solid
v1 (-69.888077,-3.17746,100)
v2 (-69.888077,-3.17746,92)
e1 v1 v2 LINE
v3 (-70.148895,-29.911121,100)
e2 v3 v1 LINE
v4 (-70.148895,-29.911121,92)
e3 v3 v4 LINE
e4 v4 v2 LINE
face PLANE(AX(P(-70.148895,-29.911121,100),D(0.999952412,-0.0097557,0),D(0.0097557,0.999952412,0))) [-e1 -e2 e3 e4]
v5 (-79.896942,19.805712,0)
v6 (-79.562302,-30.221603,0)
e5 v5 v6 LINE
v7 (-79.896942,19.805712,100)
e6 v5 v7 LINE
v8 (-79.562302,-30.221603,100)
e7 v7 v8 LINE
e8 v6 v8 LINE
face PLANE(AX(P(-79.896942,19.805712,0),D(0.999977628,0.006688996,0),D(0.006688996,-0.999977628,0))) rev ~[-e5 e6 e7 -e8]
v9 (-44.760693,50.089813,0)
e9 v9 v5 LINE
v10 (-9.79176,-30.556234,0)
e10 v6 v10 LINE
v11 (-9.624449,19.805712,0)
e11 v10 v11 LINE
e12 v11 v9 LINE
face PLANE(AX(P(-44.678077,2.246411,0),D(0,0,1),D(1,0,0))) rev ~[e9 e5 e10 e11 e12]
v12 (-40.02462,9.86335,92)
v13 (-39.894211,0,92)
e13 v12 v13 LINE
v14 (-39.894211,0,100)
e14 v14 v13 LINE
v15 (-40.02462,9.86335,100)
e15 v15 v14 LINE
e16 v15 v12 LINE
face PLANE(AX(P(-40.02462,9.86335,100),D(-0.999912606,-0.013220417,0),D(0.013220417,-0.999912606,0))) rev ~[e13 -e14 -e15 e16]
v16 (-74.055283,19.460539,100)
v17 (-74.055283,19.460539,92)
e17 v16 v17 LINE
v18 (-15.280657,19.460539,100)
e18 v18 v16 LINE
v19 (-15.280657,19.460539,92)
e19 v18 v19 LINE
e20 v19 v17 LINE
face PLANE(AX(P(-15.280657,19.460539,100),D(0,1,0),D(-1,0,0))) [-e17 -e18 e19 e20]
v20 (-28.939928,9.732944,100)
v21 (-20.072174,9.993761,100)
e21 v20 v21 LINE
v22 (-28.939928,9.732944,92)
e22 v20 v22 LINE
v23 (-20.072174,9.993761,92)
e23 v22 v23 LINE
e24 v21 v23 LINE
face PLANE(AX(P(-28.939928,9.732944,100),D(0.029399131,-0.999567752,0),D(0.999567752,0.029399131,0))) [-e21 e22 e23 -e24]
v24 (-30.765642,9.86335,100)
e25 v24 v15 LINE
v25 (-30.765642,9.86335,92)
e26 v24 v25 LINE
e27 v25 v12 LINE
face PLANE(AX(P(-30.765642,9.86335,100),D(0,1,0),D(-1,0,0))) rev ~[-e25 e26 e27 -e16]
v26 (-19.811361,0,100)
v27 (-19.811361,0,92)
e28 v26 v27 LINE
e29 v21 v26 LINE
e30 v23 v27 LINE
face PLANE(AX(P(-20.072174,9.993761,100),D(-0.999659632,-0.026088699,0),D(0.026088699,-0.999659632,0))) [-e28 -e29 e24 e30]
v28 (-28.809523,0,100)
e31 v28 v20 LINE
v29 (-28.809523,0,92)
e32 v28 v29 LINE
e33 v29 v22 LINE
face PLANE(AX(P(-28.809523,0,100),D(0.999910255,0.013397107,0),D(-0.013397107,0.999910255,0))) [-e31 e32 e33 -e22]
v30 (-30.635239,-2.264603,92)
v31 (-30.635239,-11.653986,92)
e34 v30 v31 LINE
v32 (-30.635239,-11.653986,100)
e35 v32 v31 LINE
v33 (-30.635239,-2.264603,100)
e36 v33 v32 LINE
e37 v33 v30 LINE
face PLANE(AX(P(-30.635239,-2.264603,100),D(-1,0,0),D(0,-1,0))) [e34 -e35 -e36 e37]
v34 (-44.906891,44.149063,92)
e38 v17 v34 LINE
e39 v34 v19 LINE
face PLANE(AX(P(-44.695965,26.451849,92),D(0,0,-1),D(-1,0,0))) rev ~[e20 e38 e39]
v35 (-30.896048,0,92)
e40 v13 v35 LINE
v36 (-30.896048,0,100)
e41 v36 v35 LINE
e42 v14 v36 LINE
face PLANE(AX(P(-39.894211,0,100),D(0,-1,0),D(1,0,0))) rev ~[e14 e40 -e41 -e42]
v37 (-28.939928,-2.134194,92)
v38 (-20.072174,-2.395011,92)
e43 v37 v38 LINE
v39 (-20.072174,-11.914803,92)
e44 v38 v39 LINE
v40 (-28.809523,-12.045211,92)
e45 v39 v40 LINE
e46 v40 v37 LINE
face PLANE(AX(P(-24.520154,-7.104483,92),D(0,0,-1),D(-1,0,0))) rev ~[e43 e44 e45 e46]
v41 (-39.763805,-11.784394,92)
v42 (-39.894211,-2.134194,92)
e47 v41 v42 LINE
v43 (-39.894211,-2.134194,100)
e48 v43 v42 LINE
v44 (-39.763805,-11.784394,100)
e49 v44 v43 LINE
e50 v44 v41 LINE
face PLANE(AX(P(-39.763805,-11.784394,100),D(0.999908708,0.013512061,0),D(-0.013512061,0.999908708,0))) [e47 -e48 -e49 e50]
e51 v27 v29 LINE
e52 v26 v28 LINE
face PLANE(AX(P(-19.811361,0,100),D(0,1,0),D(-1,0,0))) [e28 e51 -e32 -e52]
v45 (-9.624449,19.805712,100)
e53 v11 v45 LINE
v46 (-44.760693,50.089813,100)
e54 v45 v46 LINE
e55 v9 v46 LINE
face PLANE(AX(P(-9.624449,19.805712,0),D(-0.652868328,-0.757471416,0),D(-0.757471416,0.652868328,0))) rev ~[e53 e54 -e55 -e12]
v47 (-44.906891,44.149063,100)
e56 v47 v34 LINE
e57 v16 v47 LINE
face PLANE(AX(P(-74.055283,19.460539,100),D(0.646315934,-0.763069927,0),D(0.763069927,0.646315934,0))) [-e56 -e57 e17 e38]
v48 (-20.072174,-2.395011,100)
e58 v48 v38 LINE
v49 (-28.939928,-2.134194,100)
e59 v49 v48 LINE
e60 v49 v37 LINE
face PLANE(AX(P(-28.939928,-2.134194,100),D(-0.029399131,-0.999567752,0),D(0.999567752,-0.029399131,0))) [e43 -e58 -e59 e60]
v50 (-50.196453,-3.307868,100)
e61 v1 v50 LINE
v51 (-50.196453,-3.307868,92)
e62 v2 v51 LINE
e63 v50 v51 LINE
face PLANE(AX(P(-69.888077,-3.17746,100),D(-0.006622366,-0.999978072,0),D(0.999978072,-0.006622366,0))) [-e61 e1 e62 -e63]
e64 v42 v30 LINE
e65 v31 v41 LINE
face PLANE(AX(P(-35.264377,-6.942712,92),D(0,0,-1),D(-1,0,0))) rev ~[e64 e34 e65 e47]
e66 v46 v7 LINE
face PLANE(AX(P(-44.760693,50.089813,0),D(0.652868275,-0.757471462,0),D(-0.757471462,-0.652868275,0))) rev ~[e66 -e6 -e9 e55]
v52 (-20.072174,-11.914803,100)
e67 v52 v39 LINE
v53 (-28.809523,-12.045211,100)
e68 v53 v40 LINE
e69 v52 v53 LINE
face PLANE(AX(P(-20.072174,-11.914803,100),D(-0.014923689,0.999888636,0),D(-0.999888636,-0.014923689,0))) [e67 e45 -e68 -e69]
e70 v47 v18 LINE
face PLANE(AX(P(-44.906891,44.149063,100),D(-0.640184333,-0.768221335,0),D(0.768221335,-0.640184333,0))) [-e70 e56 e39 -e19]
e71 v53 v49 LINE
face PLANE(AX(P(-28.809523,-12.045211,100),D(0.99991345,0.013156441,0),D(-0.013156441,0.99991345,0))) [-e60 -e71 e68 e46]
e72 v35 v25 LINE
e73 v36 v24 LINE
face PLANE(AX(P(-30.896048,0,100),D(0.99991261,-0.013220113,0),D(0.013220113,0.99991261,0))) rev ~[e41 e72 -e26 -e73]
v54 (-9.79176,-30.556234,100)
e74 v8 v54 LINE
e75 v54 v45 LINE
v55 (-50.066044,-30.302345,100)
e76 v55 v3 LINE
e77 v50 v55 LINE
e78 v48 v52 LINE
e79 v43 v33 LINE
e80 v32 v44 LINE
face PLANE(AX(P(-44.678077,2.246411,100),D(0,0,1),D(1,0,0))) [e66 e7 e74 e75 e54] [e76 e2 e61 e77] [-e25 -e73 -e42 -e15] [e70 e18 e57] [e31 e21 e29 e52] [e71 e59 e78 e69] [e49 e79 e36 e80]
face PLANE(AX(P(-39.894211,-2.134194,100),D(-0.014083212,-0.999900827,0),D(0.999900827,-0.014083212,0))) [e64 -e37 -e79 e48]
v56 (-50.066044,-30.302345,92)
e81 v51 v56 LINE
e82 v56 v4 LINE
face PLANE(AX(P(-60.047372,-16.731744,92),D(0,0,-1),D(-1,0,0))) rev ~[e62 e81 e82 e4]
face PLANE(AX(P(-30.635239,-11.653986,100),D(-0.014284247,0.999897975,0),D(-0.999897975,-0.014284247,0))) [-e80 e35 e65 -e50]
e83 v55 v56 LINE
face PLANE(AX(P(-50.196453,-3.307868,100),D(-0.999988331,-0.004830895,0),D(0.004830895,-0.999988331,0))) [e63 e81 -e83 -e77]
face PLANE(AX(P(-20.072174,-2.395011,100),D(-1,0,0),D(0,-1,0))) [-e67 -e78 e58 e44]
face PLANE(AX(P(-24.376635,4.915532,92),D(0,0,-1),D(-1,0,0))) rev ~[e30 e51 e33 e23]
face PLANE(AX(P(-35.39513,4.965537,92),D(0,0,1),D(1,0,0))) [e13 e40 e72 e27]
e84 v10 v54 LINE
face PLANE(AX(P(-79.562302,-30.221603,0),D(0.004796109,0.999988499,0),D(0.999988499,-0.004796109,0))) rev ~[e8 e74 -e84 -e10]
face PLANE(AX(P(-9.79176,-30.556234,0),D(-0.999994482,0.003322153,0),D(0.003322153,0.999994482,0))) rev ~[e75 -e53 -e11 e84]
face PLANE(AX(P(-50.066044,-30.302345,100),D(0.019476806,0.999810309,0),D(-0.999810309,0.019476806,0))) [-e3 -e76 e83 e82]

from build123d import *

# Parameters (mm, degrees)
PAD_DEPTH       = 100
POCKET_DEPTH    = 8
POCKET001_DEPTH = 8


with BuildPart() as part:
    # Sketch → Pad (new body)
    with BuildSketch(Plane.XY):
        Polygon((-79.562302, -30.221603), (-9.79176, -30.556234), (-9.624449, 19.805712), (-44.760693, 50.089813), (-79.896942, 19.805712), align=None)
    extrude(amount=PAD_DEPTH)

    # Sketch001 (on Face7 of Pad) → Pocket (cut)
    with BuildSketch(Plane.XY.offset(100)):
        Polygon((-74.055283, 19.460539), (-44.906891, 44.149063), (-15.280657, 19.460539), align=None)
    extrude(amount=-POCKET_DEPTH, mode=Mode.SUBTRACT)

    # Sketch002 (on Face5 of Pocket) → Pocket001 (cut)
    with BuildSketch(Plane.XY.offset(100)):
        Polygon((-70.148895, -29.911121), (-69.888077, -3.17746), (-50.196453, -3.307868), (-50.066044, -30.302345), align=None)
        Polygon((-40.02462, 9.86335), (-39.894211, 0), (-30.896048, 0), (-30.765642, 9.86335), align=None)
        Polygon((-28.939928, 9.732944), (-20.072174, 9.993761), (-19.811361, 0), (-28.809523, 0), align=None)
        Polygon((-39.894211, -2.134194), (-30.635239, -2.264603), (-30.635239, -11.653986), (-39.763805, -11.784394), align=None)
        Polygon((-28.939928, -2.134194), (-20.072174, -2.395011), (-20.072174, -11.914803), (-28.809523, -12.045211), align=None)
    extrude(amount=-POCKET001_DEPTH, mode=Mode.SUBTRACT)


solid = part.part
